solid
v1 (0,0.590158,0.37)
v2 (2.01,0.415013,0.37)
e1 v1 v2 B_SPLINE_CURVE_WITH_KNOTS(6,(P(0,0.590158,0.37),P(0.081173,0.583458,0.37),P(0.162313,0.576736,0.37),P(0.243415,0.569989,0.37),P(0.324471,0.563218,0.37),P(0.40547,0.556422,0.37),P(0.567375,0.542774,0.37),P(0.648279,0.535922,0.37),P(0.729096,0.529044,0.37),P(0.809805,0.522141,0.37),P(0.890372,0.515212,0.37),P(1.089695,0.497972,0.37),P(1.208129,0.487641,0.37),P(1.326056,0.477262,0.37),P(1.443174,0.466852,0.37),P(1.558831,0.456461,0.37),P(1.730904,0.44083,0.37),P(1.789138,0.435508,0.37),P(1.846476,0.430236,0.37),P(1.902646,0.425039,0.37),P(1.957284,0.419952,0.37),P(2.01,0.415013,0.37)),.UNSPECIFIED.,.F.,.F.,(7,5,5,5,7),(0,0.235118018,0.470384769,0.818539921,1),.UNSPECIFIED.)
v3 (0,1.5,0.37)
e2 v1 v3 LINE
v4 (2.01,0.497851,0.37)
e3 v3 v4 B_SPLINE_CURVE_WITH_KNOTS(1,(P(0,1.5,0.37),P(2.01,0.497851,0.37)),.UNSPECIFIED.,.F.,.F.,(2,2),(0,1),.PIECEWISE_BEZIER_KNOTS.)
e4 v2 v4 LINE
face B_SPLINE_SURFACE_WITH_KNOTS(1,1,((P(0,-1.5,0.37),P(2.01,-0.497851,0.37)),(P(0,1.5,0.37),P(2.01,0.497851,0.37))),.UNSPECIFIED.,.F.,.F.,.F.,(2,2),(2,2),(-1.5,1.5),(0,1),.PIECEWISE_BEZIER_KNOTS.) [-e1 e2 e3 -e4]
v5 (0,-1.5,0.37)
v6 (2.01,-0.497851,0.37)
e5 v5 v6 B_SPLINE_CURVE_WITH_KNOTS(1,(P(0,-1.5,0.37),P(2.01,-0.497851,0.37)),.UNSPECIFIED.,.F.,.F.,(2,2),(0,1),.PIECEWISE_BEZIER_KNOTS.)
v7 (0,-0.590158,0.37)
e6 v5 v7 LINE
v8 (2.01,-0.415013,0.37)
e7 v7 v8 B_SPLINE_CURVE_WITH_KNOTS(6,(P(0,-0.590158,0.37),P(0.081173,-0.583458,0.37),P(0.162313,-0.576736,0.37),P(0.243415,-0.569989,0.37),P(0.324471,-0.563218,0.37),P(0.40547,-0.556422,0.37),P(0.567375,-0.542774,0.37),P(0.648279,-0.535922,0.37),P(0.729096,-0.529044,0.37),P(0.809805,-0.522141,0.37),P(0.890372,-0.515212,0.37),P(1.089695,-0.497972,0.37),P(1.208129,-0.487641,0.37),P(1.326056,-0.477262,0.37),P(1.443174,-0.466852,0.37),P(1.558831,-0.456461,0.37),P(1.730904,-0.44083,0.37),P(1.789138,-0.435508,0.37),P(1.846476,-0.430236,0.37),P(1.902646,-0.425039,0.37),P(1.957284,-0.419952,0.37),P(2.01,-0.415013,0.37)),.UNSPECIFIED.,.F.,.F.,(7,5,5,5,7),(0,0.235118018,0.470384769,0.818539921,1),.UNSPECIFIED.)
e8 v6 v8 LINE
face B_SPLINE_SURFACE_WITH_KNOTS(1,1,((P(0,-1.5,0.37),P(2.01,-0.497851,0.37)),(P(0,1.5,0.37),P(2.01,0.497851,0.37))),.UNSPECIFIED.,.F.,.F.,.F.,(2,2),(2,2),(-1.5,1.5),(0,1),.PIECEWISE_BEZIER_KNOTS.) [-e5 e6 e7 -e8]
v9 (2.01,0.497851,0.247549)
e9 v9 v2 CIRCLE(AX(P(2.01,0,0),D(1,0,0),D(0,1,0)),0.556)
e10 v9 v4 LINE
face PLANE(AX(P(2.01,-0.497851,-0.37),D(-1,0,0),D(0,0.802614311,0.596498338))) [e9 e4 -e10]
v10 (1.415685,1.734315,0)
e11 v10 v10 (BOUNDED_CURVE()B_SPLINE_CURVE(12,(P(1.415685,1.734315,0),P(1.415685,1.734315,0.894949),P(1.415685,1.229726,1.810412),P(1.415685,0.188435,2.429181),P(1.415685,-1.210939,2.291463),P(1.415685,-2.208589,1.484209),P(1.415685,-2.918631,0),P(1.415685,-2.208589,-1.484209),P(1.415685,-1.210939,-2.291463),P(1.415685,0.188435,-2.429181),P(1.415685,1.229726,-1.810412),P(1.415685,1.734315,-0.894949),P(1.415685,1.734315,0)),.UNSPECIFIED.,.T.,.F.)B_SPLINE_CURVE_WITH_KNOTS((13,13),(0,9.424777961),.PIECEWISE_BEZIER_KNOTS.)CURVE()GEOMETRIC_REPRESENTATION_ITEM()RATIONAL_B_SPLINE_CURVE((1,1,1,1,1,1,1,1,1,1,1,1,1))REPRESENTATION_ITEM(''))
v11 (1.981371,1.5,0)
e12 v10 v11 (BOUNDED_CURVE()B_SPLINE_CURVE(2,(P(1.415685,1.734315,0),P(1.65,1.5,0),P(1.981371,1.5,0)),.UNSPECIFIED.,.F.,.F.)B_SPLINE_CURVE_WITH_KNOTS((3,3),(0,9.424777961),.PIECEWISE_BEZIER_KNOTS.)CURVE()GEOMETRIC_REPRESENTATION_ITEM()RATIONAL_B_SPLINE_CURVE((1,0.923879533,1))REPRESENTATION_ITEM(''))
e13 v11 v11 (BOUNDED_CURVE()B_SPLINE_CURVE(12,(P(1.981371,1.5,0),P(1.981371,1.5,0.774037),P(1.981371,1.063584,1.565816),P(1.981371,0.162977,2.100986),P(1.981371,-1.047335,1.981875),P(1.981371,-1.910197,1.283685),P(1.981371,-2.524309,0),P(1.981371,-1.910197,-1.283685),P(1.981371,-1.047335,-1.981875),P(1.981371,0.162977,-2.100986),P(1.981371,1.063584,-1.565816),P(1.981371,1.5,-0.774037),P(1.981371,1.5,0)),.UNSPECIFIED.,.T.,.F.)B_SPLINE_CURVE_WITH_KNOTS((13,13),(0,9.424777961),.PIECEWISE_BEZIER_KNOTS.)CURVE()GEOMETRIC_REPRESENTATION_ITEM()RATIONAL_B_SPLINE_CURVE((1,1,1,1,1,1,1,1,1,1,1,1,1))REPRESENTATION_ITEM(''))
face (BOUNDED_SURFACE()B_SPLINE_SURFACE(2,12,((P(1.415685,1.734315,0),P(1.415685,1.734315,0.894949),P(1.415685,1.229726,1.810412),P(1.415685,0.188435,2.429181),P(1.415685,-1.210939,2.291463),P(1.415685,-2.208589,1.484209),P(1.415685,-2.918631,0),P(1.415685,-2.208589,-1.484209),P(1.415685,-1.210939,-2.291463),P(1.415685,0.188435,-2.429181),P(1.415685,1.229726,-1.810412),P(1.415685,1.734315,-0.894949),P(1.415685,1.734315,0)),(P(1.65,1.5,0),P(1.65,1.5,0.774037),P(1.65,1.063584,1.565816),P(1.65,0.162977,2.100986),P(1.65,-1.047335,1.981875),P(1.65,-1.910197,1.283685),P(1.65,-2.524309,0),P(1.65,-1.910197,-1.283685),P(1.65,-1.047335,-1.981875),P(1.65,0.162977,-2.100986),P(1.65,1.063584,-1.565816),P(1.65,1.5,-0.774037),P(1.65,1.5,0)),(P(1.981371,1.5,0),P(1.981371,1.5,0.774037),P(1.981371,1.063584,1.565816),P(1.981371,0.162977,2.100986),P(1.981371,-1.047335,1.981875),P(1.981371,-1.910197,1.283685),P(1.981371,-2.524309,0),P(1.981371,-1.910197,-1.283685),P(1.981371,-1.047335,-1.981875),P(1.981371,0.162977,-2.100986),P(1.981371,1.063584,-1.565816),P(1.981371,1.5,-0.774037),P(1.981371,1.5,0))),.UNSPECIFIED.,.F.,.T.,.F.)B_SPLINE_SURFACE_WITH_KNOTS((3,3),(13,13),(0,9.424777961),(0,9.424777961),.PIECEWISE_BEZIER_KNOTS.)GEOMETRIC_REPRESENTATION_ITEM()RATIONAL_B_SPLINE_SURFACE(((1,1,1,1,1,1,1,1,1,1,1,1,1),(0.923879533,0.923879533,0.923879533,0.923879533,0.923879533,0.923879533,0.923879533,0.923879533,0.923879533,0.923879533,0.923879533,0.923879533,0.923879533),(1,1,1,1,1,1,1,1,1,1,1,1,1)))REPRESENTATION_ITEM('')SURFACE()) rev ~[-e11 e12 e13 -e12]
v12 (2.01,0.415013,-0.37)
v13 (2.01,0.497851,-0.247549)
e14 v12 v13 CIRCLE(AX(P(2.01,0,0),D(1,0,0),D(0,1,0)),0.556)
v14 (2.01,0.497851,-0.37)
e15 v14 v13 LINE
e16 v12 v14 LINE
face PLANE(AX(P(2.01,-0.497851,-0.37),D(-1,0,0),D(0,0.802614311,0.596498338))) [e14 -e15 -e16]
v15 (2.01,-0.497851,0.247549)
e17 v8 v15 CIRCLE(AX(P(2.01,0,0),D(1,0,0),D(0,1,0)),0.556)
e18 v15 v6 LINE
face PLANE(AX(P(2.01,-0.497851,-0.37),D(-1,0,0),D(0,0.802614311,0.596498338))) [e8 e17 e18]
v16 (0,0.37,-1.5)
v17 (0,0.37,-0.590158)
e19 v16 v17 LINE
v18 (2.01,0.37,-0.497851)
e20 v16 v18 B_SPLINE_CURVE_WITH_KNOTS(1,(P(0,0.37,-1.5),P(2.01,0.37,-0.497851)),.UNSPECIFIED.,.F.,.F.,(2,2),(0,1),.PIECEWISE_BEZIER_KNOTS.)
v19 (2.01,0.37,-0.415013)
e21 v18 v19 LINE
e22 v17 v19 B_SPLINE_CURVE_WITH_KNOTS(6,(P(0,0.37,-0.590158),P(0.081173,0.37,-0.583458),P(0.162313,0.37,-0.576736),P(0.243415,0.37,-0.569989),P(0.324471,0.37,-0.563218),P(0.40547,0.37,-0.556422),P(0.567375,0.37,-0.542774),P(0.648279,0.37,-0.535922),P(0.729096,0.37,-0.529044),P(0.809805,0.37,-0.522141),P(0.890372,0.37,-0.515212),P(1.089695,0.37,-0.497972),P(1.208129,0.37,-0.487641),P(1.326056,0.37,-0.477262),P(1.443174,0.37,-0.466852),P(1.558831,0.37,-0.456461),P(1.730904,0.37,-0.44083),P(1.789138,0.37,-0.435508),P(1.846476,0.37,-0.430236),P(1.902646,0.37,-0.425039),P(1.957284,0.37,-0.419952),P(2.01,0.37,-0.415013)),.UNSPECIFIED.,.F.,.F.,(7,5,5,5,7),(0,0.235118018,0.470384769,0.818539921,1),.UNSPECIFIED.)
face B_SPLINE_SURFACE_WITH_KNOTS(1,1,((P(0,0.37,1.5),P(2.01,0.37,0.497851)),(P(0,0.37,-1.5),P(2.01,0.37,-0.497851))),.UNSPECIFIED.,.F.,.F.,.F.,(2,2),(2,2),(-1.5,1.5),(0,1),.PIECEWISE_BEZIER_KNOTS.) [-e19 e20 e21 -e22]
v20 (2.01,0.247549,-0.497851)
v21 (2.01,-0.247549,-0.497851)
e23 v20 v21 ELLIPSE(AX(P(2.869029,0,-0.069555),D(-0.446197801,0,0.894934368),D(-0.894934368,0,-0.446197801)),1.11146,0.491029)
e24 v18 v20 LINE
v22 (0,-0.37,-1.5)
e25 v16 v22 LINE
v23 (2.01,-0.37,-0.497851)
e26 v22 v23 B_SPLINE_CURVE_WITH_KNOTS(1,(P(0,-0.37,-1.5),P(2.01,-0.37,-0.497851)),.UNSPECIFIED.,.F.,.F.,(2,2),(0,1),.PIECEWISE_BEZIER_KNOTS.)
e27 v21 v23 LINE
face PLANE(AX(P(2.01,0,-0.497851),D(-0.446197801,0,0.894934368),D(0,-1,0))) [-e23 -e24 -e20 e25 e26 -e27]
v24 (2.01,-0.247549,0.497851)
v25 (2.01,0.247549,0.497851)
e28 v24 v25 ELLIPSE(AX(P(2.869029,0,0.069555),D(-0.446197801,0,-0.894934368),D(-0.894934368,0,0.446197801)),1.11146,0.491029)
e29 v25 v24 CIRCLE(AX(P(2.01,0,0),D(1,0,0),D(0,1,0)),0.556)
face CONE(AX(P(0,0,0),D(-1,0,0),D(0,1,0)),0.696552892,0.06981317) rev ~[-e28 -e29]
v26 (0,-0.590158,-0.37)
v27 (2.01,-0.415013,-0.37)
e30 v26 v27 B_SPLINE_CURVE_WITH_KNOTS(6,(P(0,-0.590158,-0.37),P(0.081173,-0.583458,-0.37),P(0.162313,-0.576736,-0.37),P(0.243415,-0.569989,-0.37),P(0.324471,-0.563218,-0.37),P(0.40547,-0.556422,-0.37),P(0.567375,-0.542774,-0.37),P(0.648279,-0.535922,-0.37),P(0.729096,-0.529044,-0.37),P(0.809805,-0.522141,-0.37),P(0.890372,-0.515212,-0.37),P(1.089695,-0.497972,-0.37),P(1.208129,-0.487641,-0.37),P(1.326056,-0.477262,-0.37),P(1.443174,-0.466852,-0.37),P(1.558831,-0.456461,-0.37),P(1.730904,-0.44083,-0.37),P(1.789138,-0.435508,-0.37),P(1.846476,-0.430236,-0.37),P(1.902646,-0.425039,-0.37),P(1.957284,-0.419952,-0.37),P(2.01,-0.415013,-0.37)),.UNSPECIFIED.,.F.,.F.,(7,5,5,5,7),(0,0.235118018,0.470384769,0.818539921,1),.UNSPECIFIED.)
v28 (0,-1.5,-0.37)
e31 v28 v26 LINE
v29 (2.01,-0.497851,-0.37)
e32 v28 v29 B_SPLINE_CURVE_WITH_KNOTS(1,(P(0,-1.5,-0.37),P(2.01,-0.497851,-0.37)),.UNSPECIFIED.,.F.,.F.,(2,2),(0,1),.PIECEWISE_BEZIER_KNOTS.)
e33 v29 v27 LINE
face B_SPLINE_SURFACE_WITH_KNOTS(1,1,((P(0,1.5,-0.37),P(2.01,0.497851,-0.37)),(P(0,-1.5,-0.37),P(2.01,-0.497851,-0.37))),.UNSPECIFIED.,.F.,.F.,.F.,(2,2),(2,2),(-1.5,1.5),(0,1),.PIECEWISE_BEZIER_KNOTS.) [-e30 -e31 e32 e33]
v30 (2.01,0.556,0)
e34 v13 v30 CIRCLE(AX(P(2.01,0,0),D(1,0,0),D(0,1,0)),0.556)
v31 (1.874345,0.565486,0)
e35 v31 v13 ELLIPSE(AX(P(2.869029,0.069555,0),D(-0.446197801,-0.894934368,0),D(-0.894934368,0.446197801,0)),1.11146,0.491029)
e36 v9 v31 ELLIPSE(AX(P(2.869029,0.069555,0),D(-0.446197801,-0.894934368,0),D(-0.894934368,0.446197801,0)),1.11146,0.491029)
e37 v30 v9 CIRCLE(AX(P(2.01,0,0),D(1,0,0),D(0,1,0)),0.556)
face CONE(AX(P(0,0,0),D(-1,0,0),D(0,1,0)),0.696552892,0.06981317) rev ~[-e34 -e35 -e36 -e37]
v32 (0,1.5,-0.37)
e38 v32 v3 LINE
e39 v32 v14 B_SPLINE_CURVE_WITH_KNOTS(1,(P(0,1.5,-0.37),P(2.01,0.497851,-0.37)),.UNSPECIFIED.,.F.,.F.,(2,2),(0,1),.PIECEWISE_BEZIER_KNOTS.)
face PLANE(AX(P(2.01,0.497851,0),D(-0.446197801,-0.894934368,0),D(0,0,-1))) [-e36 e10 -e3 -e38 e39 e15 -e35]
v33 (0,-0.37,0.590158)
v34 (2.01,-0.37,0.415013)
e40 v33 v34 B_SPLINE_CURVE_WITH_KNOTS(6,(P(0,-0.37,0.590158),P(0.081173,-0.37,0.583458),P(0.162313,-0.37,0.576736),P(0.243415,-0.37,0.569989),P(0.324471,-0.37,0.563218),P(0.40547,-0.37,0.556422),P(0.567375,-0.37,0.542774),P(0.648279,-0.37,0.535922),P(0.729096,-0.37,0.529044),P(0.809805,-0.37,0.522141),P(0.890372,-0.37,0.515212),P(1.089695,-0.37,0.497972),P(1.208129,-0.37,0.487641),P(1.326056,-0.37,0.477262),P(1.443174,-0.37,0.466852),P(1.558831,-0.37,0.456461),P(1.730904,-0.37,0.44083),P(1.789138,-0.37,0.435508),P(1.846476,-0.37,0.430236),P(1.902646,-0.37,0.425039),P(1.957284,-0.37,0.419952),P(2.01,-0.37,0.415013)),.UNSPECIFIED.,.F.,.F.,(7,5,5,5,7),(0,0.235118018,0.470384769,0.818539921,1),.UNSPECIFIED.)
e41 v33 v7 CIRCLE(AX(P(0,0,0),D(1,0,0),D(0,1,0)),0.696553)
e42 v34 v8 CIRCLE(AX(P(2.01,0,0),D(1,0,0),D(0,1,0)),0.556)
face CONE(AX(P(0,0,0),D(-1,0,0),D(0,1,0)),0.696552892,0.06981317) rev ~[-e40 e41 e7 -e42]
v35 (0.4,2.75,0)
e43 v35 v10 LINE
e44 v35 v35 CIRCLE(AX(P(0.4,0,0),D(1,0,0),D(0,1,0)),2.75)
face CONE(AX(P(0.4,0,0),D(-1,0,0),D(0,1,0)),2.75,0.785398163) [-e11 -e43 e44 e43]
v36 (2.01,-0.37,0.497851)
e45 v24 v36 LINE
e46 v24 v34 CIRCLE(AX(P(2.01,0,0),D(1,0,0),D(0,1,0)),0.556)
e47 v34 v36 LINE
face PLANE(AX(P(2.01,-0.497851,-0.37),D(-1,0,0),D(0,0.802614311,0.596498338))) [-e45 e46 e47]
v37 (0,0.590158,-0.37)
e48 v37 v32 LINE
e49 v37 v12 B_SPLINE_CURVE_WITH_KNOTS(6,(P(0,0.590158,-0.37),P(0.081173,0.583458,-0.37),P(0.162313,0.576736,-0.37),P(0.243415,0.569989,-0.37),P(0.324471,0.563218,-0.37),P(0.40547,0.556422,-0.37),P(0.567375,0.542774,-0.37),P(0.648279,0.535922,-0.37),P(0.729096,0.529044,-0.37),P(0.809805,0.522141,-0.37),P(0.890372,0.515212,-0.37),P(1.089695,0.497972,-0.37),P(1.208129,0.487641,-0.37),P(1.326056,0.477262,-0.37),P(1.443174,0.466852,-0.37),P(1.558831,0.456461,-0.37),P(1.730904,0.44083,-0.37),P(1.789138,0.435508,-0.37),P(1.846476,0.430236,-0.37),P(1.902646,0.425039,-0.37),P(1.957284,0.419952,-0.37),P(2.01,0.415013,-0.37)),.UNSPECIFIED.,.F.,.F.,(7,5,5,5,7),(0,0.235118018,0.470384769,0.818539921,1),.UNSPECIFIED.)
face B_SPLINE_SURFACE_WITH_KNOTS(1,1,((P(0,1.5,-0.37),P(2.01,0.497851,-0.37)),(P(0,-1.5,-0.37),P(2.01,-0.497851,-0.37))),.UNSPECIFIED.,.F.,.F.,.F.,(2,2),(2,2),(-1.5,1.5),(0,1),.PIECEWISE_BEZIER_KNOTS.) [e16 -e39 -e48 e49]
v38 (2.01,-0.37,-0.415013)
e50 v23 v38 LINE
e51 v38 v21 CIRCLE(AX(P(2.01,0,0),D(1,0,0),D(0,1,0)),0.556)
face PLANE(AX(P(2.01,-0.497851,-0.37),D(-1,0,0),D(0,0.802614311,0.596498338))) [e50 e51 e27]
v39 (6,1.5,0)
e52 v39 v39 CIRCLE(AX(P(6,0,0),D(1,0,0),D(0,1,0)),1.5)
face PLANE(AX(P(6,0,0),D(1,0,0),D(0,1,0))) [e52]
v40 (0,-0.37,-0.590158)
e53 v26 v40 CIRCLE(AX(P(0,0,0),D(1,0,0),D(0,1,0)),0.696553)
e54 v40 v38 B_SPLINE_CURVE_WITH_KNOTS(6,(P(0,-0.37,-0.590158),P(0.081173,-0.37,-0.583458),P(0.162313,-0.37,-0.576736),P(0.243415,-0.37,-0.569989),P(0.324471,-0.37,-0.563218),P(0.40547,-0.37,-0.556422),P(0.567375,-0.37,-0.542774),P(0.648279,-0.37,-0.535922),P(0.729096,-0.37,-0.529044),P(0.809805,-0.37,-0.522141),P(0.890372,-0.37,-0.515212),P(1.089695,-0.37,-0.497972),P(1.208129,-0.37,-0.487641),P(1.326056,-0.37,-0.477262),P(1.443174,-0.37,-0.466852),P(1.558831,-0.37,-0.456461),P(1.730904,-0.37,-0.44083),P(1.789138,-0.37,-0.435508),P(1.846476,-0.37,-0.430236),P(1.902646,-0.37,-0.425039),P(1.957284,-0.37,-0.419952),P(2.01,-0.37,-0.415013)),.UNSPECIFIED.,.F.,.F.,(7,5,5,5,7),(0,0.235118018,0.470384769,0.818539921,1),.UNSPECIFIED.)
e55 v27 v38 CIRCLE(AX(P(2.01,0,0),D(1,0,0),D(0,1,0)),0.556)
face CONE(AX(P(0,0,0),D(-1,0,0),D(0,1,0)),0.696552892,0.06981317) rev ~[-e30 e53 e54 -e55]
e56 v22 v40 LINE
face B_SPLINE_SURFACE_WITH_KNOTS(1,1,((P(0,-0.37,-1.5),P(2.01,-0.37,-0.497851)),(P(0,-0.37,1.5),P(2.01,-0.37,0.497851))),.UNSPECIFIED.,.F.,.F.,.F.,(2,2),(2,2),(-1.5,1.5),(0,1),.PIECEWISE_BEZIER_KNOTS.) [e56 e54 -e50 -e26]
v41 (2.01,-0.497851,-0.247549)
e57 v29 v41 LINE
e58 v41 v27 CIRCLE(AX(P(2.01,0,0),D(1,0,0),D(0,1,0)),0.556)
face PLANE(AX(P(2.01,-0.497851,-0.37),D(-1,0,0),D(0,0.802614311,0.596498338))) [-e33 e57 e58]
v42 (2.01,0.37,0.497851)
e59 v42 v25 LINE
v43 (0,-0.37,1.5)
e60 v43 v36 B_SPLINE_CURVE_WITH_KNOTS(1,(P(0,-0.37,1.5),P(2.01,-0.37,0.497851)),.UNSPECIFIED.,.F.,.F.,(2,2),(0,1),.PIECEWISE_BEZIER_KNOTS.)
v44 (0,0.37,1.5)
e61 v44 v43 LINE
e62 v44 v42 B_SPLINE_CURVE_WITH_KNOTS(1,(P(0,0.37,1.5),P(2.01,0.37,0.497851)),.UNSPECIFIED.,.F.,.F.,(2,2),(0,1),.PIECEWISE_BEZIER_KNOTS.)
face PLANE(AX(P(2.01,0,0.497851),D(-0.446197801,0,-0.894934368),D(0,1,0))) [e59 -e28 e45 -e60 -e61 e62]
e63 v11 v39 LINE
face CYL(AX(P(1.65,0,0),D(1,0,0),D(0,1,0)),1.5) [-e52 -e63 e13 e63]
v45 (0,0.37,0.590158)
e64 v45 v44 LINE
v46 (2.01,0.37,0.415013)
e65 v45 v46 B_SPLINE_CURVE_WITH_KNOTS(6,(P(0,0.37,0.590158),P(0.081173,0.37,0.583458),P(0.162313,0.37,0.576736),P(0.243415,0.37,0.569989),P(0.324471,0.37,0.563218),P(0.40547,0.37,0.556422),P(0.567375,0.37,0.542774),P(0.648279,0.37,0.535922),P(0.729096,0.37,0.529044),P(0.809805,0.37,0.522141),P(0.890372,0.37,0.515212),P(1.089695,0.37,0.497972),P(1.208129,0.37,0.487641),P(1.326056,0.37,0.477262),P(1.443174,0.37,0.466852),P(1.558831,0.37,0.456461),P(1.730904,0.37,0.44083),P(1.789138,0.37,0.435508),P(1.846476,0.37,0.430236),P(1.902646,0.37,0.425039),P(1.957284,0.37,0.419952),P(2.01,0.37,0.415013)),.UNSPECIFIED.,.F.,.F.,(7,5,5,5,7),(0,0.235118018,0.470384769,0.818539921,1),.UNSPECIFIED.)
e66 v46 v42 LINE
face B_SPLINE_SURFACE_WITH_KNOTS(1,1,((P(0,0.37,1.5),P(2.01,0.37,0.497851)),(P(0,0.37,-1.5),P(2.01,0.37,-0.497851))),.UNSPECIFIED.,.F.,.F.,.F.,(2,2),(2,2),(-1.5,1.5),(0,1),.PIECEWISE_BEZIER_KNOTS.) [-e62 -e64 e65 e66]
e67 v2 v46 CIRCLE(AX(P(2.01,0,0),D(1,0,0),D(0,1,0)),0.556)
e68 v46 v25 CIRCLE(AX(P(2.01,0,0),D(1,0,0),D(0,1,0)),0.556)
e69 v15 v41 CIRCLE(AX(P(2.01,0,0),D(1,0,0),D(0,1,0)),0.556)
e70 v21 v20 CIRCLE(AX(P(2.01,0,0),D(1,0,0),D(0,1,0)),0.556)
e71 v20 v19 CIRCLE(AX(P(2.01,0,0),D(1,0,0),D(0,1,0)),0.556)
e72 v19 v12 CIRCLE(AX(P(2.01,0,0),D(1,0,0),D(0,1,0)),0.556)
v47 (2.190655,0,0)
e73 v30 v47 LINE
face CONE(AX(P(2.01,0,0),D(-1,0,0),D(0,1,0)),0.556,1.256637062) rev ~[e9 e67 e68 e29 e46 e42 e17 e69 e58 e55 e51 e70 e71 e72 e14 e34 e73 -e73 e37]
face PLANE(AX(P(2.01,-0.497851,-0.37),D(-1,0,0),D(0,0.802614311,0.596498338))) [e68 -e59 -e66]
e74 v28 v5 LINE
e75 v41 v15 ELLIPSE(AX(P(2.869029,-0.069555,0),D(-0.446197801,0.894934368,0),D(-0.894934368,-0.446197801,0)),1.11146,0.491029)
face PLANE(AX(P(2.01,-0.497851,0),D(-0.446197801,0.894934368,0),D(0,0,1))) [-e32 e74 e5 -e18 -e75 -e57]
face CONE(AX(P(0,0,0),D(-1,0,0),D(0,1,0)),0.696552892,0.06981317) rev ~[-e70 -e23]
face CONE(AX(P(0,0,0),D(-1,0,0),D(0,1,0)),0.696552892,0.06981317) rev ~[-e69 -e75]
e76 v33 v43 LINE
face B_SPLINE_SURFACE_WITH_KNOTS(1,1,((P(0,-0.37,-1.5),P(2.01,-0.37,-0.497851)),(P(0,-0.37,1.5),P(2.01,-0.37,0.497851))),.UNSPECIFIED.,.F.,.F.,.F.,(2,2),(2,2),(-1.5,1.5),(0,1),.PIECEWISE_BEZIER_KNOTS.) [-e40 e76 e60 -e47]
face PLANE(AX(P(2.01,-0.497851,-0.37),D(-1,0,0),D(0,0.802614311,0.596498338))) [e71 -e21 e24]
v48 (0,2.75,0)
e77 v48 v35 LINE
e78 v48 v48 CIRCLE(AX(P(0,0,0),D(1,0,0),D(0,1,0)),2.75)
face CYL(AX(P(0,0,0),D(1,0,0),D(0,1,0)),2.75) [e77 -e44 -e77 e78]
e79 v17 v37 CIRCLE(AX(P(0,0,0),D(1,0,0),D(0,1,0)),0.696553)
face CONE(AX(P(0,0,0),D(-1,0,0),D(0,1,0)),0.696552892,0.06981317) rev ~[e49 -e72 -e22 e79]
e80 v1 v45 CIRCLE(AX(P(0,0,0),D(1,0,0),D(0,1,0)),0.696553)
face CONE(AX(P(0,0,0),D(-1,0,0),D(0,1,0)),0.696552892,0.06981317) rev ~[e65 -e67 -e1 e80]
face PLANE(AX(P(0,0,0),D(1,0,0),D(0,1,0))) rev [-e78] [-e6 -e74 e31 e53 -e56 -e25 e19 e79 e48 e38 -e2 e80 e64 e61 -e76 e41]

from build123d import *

# Parameters (mm, degrees)
FILLET1_R    = 0.8
SKETCH3_W    = 0.74
SKETCH3_H    = 3
SKETCH4_W    = 0.74
SKETCH4_H    = 0.995702004
RECPAT_COUNT = 2
RECPAT_ANGLE = 90


with BuildPart() as part:
    # BodySke → Base-Revolve (revolve)
    with BuildSketch(Plane.XY):
        Polygon((0, 0), (0, 2.75), (0.4, 2.75), (1.65, 1.5), (6, 1.5), (6, 0), align=None)
    revolve(axis=Axis((-6.35, 0, 0), (1, 0, 0)))

    # Fillet1
    fillet1_edges = [part.edges().sort_by_distance(p)[0] for p in [
        (1.65, -1.5, 0),
    ]]
    fillet(fillet1_edges, radius=FILLET1_R)

    # Sketch3 → Recess section 0
    with BuildSketch(Plane.ZY):
        Rectangle(SKETCH3_W, SKETCH3_H)
    # Sketch4 → Recess section 1
    with BuildSketch(Plane.ZY.offset(-2.01)):
        Rectangle(SKETCH4_W, SKETCH4_H)
    recess = loft(mode=Mode.SUBTRACT)

    # RecPat: Recess ×2 about axis
    recpat_axis = Axis((0, 0, 0), (1, 0, 0))
    for i in range(1, RECPAT_COUNT):
        add(recess.rotate(recpat_axis, i * RECPAT_ANGLE / (RECPAT_COUNT - 1)), mode=Mode.SUBTRACT)

    # RecCorSke → RecessCore (revolve, cut)
    with BuildSketch(Plane.XY):
        Polygon((0, 0), (0, 0.696552892), (2.01, 0.556), (2.190655351, 0), align=None)
    revolve(axis=Axis((-3.175, 0, 0), (1, 0, 0)), mode=Mode.SUBTRACT)


solid = part.part
